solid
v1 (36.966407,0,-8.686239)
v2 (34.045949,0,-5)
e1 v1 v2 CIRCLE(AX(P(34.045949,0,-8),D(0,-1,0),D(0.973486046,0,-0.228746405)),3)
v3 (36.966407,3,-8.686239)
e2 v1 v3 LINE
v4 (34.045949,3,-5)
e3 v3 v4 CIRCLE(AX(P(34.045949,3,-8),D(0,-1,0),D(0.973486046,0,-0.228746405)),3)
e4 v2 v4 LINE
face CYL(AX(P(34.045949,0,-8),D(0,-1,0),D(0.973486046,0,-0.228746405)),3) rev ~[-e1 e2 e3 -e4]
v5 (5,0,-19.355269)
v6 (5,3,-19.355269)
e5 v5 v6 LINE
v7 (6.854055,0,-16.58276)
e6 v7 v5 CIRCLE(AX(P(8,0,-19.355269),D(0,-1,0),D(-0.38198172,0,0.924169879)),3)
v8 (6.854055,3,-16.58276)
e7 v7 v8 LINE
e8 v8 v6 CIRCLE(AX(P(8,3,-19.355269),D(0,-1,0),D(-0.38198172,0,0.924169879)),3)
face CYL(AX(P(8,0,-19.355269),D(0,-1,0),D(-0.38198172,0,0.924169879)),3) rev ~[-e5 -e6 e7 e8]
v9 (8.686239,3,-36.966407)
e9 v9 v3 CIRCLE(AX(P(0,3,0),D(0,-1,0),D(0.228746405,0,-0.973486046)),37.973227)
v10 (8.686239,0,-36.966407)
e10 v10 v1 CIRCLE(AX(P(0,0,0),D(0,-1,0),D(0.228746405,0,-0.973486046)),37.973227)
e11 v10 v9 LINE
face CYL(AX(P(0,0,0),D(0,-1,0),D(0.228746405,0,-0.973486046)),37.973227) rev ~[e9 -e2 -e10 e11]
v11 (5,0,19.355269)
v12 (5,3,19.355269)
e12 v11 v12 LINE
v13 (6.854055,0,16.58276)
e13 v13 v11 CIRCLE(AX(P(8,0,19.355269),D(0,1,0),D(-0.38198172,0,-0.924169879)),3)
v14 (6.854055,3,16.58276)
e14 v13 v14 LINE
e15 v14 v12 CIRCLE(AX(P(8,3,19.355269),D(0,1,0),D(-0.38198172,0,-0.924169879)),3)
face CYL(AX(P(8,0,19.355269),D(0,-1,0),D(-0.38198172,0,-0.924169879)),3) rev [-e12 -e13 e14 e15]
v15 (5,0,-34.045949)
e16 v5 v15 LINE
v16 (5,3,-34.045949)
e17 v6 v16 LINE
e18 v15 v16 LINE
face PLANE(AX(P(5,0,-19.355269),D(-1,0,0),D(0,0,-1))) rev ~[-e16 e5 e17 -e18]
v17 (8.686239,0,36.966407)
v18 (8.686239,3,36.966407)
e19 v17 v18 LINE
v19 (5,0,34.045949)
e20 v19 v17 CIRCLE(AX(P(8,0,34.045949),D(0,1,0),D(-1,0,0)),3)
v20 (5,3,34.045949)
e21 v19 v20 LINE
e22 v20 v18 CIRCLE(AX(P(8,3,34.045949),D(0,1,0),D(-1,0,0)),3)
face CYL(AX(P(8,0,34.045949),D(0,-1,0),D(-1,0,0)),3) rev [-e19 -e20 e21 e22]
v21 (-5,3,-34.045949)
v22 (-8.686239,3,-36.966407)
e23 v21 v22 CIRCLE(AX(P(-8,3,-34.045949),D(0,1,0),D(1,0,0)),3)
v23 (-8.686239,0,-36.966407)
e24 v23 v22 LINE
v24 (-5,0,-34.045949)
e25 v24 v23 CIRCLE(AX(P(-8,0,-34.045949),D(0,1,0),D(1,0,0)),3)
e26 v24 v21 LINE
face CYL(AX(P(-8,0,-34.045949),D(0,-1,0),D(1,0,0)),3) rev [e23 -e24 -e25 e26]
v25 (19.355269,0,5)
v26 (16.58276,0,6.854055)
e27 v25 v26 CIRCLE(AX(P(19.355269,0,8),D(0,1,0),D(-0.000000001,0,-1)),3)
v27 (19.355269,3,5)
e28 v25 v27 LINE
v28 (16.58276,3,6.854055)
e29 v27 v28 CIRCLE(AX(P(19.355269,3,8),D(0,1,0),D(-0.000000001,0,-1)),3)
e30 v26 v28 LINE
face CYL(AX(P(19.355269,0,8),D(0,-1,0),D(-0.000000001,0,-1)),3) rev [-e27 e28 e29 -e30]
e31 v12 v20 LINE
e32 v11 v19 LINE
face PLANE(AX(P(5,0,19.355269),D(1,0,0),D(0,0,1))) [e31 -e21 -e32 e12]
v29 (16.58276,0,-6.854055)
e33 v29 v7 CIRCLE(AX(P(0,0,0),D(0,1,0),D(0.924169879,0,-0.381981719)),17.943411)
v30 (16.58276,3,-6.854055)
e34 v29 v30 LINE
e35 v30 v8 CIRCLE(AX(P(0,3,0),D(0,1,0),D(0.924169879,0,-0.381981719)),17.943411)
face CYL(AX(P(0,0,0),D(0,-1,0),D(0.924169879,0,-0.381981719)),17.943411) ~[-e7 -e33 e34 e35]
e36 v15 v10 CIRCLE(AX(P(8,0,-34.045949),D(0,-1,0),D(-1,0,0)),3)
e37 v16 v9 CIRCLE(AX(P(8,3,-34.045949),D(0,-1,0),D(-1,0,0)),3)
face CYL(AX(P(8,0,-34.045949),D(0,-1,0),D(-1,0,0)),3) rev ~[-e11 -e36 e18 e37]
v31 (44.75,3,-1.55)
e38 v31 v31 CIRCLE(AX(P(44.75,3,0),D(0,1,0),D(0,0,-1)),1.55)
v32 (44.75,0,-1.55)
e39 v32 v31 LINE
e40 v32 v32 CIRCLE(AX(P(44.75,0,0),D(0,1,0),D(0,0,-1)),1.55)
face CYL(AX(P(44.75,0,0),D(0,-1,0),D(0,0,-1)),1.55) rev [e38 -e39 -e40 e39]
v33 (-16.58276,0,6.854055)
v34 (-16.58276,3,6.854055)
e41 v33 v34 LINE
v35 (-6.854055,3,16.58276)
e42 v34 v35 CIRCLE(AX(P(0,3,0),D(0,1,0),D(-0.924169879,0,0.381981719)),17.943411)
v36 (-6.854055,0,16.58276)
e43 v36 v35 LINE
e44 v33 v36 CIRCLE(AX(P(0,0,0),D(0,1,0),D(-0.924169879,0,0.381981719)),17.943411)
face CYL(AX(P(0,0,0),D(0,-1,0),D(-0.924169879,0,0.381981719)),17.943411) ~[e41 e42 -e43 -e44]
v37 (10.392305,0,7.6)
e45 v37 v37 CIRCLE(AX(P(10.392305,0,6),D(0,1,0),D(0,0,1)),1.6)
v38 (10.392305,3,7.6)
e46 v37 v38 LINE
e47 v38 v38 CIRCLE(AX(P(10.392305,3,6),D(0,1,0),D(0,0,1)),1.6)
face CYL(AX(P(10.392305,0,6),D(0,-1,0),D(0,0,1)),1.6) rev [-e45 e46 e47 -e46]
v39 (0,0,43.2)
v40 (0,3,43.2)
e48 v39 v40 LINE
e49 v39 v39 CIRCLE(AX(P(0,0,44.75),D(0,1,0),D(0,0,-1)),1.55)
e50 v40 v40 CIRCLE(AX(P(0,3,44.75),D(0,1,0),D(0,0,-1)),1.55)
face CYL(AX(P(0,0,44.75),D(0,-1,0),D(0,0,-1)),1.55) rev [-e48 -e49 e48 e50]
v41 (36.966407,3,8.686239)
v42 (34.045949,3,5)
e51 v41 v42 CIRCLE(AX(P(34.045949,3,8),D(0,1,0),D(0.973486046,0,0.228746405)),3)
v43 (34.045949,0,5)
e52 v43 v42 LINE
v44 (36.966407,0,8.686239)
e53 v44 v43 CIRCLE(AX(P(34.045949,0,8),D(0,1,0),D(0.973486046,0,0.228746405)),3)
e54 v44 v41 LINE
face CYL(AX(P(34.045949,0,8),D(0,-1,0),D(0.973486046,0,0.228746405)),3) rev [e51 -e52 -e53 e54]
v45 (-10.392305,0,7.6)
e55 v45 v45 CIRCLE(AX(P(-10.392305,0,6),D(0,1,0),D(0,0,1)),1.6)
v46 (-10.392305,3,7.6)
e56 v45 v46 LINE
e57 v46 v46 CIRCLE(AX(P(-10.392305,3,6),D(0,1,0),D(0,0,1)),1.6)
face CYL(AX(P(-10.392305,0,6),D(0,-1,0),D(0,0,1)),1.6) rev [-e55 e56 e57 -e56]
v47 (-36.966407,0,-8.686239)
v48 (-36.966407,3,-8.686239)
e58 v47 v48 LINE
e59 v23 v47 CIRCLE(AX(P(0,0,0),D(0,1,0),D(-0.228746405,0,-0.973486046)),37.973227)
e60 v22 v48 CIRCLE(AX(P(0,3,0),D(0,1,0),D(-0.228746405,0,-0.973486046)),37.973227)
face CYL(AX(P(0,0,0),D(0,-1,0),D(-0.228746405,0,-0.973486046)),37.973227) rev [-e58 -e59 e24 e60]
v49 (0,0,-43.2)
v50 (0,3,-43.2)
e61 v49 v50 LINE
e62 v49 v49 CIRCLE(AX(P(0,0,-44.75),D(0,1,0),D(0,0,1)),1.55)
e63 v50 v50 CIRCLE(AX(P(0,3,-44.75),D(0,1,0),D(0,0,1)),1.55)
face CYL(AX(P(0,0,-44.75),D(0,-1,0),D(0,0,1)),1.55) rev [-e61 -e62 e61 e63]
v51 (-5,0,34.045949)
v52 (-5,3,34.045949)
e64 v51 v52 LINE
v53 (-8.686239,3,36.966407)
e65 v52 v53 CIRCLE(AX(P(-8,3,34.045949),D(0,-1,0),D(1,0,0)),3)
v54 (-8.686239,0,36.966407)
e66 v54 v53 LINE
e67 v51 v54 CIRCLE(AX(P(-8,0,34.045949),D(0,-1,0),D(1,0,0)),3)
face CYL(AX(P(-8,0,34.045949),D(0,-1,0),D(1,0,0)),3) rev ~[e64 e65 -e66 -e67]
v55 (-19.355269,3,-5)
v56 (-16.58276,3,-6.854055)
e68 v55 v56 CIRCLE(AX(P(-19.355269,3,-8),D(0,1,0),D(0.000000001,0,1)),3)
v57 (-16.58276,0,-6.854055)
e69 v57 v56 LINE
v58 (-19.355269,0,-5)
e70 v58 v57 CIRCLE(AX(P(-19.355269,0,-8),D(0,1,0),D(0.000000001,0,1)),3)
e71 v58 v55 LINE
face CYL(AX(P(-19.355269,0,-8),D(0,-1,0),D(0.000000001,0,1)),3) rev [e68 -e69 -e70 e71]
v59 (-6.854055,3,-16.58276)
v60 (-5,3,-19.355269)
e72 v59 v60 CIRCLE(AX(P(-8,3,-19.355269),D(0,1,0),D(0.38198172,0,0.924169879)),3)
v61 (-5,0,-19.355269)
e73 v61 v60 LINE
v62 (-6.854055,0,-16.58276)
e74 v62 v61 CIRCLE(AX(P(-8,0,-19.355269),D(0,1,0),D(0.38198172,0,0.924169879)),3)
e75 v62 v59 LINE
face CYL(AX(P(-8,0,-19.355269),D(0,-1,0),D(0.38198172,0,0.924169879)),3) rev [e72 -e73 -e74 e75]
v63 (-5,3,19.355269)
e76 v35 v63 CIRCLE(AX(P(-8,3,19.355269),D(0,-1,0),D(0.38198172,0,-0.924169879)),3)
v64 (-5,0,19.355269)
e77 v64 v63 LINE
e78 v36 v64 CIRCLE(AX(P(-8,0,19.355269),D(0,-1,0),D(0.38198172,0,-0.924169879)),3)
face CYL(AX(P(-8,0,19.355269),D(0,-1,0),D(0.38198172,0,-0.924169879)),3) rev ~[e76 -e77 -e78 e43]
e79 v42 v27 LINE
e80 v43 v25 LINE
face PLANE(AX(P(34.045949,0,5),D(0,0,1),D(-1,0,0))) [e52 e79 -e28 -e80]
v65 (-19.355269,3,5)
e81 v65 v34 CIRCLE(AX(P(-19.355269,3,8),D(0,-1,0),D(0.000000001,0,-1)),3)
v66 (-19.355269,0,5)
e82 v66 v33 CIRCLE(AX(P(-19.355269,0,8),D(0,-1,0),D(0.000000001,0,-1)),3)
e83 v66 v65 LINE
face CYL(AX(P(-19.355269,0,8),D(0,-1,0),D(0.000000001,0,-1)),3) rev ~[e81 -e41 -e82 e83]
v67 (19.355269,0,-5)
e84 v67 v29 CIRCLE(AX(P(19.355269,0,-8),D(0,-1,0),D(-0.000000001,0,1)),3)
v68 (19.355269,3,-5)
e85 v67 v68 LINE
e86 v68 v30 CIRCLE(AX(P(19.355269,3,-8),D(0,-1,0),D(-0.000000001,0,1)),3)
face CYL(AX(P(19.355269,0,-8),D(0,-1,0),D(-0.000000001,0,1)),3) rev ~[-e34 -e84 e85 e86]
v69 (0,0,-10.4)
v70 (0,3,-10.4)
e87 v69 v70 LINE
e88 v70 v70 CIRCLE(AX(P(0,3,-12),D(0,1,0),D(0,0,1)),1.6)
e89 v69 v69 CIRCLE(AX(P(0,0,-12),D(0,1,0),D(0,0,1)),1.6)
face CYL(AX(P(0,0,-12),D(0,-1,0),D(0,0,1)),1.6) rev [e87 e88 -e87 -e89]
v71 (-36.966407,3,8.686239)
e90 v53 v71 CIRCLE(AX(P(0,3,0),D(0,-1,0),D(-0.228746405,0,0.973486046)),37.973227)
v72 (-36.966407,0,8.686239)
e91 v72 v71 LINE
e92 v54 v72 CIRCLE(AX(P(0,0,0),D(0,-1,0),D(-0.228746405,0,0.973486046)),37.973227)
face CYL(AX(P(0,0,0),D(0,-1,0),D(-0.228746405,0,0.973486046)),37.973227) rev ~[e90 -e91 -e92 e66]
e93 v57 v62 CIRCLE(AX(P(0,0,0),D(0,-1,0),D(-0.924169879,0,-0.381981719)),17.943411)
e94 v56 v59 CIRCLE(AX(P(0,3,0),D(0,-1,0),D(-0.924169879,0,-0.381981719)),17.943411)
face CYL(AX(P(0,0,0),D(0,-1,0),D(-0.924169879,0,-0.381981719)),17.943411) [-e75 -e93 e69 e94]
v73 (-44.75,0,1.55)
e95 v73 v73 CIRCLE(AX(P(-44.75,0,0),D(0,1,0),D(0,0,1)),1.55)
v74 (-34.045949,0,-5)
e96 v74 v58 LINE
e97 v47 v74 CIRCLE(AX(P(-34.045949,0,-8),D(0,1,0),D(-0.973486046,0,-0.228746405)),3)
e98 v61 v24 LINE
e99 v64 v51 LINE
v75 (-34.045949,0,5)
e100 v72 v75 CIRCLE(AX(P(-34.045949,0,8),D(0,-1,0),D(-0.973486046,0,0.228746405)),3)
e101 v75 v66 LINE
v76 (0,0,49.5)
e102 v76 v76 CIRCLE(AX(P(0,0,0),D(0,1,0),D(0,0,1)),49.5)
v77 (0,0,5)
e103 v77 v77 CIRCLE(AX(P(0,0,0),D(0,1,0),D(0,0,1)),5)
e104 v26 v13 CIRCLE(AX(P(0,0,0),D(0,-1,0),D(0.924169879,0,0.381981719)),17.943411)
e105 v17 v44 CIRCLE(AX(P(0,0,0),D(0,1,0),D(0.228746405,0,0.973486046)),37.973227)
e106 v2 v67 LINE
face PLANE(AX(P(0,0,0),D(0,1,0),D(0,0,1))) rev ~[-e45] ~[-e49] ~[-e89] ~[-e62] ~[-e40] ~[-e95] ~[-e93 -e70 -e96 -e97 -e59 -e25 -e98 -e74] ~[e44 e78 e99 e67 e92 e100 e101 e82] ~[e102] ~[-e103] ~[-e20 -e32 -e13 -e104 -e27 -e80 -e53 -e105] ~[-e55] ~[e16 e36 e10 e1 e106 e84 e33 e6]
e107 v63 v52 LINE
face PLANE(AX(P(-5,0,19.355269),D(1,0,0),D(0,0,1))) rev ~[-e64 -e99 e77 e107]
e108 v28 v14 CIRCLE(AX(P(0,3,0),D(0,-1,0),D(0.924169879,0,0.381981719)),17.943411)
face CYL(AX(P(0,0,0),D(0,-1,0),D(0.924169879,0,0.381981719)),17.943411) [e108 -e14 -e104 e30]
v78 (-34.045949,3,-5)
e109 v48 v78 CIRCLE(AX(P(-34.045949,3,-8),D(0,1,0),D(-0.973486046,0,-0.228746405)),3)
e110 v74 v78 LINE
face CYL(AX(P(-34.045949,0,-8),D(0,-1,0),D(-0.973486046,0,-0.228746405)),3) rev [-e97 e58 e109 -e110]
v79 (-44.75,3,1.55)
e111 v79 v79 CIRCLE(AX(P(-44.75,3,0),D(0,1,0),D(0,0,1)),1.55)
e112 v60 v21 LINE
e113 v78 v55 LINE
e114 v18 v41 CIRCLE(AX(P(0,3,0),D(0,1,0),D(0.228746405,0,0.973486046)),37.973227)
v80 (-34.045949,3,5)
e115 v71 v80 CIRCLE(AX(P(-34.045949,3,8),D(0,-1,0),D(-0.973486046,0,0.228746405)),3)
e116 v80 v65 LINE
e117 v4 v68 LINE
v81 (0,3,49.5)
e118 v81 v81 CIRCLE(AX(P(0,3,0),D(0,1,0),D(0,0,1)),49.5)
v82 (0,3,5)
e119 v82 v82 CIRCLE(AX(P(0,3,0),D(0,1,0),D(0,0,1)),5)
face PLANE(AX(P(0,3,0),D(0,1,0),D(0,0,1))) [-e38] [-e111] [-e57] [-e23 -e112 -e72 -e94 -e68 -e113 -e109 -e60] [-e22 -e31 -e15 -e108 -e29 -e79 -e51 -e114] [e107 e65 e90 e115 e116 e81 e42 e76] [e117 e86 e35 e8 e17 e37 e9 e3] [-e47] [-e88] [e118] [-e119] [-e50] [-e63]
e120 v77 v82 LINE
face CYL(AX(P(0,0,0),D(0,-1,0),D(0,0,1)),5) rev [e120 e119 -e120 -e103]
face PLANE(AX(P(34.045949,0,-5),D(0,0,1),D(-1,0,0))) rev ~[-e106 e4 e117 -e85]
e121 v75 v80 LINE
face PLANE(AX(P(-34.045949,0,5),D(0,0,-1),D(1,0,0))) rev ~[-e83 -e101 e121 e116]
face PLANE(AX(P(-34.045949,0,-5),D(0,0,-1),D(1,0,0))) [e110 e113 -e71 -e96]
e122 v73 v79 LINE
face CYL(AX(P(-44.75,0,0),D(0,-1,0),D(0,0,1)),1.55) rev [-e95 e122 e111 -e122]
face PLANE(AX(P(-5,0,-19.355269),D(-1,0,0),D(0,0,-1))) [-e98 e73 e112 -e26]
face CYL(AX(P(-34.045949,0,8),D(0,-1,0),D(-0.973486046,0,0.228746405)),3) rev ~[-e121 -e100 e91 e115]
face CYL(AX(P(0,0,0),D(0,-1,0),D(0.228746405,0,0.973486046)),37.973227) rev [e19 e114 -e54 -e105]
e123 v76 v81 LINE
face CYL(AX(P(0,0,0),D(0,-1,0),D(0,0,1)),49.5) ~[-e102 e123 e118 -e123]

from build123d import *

# Parameters (mm, degrees)
SKETCH_1_R      = 49.5
SKETCH_1_R_2    = 1.55
SKETCH_1_R_3    = 5
SKETCH_1_R_4    = 1.6
EXTRUDE_1_DEPTH = 3


with BuildPart() as part:
    # 草图1 → 凸台-拉伸1 (new body)
    with BuildSketch(Plane(origin=(0, 0, 0), x_dir=(1, 0, 0), z_dir=(0, 1, 0))):
        with Locations(Location((0, 0, 0), (0, 0, 270))):
            Circle(SKETCH_1_R)
        with Locations(Location((0, 44.75, 0), (0, 0, 270))):
            Circle(SKETCH_1_R_2, mode=Mode.SUBTRACT)
        with Locations(Location((-44.75, 0, 0), (0, 0, 270))):
            Circle(SKETCH_1_R_2, mode=Mode.SUBTRACT)
        with Locations(Location((0, -44.75, 0), (0, 0, 90))):
            Circle(SKETCH_1_R_2, mode=Mode.SUBTRACT)
        with Locations(Location((44.75, 0, 0), (0, 0, 90))):
            Circle(SKETCH_1_R_2, mode=Mode.SUBTRACT)
        with Locations(Location((0, 0, 0), (0, 0, 270))):
            Circle(SKETCH_1_R_3, mode=Mode.SUBTRACT)
        with Locations(Location((0, 12, 0), (0, 0, 270))):
            Circle(SKETCH_1_R_4, mode=Mode.SUBTRACT)
        with Locations(Location((10.392304845, -6, 0), (0, 0, 270))):
            Circle(SKETCH_1_R_4, mode=Mode.SUBTRACT)
        with Locations(Location((-10.392304845, -6, 0), (0, 0, 270))):
            Circle(SKETCH_1_R_4, mode=Mode.SUBTRACT)
        with BuildLine():
            Line((-34.045948677, 5), (-19.355269263, 5))
            ThreePointArc((-19.355269263, 5), (-17.687611546, 5.506224201), (-16.582759625, 6.854054841))
            ThreePointArc((-16.582759625, 6.854054841), (-12.687907325, 12.687907325), (-6.854054841, 16.582759625))
            ThreePointArc((-6.854054841, 16.582759625), (-5.506224201, 17.687611546), (-5, 19.355269263))
            Line((-5, 19.355269263), (-5, 34.045948677))
            ThreePointArc((-5, 34.045948677), (-6.137034306, 36.397407548), (-8.686239215, 36.966406815))
            ThreePointArc((-8.686239215, 36.966406815), (-26.851126462, 26.851126462), (-36.966406815, 8.686239215))
            ThreePointArc((-36.966406815, 8.686239215), (-36.397407548, 6.137034306), (-34.045948677, 5))
        make_face(mode=Mode.SUBTRACT)
        with BuildLine():
            Line((34.045948677, 5), (19.355269263, 5))
            ThreePointArc((19.355269263, 5), (17.687611546, 5.506224201), (16.582759625, 6.854054841))
            ThreePointArc((16.582759625, 6.854054841), (12.687907325, 12.687907325), (6.854054841, 16.582759625))
            ThreePointArc((6.854054841, 16.582759625), (5.506224201, 17.687611546), (5, 19.355269263))
            Line((5, 19.355269263), (5, 34.045948677))
            ThreePointArc((5, 34.045948677), (6.137034306, 36.397407548), (8.686239215, 36.966406815))
            ThreePointArc((8.686239215, 36.966406815), (26.851126462, 26.851126462), (36.966406815, 8.686239215))
            ThreePointArc((36.966406815, 8.686239215), (36.397407548, 6.137034306), (34.045948677, 5))
        make_face(mode=Mode.SUBTRACT)
        with BuildLine():
            Line((34.045948677, -5), (19.355269263, -5))
            ThreePointArc((19.355269263, -5), (17.687611546, -5.506224201), (16.582759625, -6.854054841))
            ThreePointArc((16.582759625, -6.854054841), (12.687907325, -12.687907325), (6.854054841, -16.582759625))
            ThreePointArc((6.854054841, -16.582759625), (5.506224201, -17.687611546), (5, -19.355269263))
            Line((5, -19.355269263), (5, -34.045948677))
            ThreePointArc((5, -34.045948677), (6.137034306, -36.397407548), (8.686239215, -36.966406815))
            ThreePointArc((8.686239215, -36.966406815), (26.851126462, -26.851126462), (36.966406815, -8.686239215))
            ThreePointArc((36.966406815, -8.686239215), (36.397407548, -6.137034306), (34.045948677, -5))
        make_face(mode=Mode.SUBTRACT)
        with BuildLine():
            Line((-34.045948677, -5), (-19.355269263, -5))
            ThreePointArc((-19.355269263, -5), (-17.687611546, -5.506224201), (-16.582759625, -6.854054841))
            ThreePointArc((-16.582759625, -6.854054841), (-12.687907325, -12.687907325), (-6.854054841, -16.582759625))
            ThreePointArc((-6.854054841, -16.582759625), (-5.506224201, -17.687611546), (-5, -19.355269263))
            Line((-5, -19.355269263), (-5, -34.045948677))
            ThreePointArc((-5, -34.045948677), (-6.137034306, -36.397407548), (-8.686239215, -36.966406815))
            ThreePointArc((-8.686239215, -36.966406815), (-26.851126462, -26.851126462), (-36.966406815, -8.686239215))
            ThreePointArc((-36.966406815, -8.686239215), (-36.397407548, -6.137034306), (-34.045948677, -5))
        make_face(mode=Mode.SUBTRACT)
    extrude(amount=EXTRUDE_1_DEPTH)


solid = part.part
